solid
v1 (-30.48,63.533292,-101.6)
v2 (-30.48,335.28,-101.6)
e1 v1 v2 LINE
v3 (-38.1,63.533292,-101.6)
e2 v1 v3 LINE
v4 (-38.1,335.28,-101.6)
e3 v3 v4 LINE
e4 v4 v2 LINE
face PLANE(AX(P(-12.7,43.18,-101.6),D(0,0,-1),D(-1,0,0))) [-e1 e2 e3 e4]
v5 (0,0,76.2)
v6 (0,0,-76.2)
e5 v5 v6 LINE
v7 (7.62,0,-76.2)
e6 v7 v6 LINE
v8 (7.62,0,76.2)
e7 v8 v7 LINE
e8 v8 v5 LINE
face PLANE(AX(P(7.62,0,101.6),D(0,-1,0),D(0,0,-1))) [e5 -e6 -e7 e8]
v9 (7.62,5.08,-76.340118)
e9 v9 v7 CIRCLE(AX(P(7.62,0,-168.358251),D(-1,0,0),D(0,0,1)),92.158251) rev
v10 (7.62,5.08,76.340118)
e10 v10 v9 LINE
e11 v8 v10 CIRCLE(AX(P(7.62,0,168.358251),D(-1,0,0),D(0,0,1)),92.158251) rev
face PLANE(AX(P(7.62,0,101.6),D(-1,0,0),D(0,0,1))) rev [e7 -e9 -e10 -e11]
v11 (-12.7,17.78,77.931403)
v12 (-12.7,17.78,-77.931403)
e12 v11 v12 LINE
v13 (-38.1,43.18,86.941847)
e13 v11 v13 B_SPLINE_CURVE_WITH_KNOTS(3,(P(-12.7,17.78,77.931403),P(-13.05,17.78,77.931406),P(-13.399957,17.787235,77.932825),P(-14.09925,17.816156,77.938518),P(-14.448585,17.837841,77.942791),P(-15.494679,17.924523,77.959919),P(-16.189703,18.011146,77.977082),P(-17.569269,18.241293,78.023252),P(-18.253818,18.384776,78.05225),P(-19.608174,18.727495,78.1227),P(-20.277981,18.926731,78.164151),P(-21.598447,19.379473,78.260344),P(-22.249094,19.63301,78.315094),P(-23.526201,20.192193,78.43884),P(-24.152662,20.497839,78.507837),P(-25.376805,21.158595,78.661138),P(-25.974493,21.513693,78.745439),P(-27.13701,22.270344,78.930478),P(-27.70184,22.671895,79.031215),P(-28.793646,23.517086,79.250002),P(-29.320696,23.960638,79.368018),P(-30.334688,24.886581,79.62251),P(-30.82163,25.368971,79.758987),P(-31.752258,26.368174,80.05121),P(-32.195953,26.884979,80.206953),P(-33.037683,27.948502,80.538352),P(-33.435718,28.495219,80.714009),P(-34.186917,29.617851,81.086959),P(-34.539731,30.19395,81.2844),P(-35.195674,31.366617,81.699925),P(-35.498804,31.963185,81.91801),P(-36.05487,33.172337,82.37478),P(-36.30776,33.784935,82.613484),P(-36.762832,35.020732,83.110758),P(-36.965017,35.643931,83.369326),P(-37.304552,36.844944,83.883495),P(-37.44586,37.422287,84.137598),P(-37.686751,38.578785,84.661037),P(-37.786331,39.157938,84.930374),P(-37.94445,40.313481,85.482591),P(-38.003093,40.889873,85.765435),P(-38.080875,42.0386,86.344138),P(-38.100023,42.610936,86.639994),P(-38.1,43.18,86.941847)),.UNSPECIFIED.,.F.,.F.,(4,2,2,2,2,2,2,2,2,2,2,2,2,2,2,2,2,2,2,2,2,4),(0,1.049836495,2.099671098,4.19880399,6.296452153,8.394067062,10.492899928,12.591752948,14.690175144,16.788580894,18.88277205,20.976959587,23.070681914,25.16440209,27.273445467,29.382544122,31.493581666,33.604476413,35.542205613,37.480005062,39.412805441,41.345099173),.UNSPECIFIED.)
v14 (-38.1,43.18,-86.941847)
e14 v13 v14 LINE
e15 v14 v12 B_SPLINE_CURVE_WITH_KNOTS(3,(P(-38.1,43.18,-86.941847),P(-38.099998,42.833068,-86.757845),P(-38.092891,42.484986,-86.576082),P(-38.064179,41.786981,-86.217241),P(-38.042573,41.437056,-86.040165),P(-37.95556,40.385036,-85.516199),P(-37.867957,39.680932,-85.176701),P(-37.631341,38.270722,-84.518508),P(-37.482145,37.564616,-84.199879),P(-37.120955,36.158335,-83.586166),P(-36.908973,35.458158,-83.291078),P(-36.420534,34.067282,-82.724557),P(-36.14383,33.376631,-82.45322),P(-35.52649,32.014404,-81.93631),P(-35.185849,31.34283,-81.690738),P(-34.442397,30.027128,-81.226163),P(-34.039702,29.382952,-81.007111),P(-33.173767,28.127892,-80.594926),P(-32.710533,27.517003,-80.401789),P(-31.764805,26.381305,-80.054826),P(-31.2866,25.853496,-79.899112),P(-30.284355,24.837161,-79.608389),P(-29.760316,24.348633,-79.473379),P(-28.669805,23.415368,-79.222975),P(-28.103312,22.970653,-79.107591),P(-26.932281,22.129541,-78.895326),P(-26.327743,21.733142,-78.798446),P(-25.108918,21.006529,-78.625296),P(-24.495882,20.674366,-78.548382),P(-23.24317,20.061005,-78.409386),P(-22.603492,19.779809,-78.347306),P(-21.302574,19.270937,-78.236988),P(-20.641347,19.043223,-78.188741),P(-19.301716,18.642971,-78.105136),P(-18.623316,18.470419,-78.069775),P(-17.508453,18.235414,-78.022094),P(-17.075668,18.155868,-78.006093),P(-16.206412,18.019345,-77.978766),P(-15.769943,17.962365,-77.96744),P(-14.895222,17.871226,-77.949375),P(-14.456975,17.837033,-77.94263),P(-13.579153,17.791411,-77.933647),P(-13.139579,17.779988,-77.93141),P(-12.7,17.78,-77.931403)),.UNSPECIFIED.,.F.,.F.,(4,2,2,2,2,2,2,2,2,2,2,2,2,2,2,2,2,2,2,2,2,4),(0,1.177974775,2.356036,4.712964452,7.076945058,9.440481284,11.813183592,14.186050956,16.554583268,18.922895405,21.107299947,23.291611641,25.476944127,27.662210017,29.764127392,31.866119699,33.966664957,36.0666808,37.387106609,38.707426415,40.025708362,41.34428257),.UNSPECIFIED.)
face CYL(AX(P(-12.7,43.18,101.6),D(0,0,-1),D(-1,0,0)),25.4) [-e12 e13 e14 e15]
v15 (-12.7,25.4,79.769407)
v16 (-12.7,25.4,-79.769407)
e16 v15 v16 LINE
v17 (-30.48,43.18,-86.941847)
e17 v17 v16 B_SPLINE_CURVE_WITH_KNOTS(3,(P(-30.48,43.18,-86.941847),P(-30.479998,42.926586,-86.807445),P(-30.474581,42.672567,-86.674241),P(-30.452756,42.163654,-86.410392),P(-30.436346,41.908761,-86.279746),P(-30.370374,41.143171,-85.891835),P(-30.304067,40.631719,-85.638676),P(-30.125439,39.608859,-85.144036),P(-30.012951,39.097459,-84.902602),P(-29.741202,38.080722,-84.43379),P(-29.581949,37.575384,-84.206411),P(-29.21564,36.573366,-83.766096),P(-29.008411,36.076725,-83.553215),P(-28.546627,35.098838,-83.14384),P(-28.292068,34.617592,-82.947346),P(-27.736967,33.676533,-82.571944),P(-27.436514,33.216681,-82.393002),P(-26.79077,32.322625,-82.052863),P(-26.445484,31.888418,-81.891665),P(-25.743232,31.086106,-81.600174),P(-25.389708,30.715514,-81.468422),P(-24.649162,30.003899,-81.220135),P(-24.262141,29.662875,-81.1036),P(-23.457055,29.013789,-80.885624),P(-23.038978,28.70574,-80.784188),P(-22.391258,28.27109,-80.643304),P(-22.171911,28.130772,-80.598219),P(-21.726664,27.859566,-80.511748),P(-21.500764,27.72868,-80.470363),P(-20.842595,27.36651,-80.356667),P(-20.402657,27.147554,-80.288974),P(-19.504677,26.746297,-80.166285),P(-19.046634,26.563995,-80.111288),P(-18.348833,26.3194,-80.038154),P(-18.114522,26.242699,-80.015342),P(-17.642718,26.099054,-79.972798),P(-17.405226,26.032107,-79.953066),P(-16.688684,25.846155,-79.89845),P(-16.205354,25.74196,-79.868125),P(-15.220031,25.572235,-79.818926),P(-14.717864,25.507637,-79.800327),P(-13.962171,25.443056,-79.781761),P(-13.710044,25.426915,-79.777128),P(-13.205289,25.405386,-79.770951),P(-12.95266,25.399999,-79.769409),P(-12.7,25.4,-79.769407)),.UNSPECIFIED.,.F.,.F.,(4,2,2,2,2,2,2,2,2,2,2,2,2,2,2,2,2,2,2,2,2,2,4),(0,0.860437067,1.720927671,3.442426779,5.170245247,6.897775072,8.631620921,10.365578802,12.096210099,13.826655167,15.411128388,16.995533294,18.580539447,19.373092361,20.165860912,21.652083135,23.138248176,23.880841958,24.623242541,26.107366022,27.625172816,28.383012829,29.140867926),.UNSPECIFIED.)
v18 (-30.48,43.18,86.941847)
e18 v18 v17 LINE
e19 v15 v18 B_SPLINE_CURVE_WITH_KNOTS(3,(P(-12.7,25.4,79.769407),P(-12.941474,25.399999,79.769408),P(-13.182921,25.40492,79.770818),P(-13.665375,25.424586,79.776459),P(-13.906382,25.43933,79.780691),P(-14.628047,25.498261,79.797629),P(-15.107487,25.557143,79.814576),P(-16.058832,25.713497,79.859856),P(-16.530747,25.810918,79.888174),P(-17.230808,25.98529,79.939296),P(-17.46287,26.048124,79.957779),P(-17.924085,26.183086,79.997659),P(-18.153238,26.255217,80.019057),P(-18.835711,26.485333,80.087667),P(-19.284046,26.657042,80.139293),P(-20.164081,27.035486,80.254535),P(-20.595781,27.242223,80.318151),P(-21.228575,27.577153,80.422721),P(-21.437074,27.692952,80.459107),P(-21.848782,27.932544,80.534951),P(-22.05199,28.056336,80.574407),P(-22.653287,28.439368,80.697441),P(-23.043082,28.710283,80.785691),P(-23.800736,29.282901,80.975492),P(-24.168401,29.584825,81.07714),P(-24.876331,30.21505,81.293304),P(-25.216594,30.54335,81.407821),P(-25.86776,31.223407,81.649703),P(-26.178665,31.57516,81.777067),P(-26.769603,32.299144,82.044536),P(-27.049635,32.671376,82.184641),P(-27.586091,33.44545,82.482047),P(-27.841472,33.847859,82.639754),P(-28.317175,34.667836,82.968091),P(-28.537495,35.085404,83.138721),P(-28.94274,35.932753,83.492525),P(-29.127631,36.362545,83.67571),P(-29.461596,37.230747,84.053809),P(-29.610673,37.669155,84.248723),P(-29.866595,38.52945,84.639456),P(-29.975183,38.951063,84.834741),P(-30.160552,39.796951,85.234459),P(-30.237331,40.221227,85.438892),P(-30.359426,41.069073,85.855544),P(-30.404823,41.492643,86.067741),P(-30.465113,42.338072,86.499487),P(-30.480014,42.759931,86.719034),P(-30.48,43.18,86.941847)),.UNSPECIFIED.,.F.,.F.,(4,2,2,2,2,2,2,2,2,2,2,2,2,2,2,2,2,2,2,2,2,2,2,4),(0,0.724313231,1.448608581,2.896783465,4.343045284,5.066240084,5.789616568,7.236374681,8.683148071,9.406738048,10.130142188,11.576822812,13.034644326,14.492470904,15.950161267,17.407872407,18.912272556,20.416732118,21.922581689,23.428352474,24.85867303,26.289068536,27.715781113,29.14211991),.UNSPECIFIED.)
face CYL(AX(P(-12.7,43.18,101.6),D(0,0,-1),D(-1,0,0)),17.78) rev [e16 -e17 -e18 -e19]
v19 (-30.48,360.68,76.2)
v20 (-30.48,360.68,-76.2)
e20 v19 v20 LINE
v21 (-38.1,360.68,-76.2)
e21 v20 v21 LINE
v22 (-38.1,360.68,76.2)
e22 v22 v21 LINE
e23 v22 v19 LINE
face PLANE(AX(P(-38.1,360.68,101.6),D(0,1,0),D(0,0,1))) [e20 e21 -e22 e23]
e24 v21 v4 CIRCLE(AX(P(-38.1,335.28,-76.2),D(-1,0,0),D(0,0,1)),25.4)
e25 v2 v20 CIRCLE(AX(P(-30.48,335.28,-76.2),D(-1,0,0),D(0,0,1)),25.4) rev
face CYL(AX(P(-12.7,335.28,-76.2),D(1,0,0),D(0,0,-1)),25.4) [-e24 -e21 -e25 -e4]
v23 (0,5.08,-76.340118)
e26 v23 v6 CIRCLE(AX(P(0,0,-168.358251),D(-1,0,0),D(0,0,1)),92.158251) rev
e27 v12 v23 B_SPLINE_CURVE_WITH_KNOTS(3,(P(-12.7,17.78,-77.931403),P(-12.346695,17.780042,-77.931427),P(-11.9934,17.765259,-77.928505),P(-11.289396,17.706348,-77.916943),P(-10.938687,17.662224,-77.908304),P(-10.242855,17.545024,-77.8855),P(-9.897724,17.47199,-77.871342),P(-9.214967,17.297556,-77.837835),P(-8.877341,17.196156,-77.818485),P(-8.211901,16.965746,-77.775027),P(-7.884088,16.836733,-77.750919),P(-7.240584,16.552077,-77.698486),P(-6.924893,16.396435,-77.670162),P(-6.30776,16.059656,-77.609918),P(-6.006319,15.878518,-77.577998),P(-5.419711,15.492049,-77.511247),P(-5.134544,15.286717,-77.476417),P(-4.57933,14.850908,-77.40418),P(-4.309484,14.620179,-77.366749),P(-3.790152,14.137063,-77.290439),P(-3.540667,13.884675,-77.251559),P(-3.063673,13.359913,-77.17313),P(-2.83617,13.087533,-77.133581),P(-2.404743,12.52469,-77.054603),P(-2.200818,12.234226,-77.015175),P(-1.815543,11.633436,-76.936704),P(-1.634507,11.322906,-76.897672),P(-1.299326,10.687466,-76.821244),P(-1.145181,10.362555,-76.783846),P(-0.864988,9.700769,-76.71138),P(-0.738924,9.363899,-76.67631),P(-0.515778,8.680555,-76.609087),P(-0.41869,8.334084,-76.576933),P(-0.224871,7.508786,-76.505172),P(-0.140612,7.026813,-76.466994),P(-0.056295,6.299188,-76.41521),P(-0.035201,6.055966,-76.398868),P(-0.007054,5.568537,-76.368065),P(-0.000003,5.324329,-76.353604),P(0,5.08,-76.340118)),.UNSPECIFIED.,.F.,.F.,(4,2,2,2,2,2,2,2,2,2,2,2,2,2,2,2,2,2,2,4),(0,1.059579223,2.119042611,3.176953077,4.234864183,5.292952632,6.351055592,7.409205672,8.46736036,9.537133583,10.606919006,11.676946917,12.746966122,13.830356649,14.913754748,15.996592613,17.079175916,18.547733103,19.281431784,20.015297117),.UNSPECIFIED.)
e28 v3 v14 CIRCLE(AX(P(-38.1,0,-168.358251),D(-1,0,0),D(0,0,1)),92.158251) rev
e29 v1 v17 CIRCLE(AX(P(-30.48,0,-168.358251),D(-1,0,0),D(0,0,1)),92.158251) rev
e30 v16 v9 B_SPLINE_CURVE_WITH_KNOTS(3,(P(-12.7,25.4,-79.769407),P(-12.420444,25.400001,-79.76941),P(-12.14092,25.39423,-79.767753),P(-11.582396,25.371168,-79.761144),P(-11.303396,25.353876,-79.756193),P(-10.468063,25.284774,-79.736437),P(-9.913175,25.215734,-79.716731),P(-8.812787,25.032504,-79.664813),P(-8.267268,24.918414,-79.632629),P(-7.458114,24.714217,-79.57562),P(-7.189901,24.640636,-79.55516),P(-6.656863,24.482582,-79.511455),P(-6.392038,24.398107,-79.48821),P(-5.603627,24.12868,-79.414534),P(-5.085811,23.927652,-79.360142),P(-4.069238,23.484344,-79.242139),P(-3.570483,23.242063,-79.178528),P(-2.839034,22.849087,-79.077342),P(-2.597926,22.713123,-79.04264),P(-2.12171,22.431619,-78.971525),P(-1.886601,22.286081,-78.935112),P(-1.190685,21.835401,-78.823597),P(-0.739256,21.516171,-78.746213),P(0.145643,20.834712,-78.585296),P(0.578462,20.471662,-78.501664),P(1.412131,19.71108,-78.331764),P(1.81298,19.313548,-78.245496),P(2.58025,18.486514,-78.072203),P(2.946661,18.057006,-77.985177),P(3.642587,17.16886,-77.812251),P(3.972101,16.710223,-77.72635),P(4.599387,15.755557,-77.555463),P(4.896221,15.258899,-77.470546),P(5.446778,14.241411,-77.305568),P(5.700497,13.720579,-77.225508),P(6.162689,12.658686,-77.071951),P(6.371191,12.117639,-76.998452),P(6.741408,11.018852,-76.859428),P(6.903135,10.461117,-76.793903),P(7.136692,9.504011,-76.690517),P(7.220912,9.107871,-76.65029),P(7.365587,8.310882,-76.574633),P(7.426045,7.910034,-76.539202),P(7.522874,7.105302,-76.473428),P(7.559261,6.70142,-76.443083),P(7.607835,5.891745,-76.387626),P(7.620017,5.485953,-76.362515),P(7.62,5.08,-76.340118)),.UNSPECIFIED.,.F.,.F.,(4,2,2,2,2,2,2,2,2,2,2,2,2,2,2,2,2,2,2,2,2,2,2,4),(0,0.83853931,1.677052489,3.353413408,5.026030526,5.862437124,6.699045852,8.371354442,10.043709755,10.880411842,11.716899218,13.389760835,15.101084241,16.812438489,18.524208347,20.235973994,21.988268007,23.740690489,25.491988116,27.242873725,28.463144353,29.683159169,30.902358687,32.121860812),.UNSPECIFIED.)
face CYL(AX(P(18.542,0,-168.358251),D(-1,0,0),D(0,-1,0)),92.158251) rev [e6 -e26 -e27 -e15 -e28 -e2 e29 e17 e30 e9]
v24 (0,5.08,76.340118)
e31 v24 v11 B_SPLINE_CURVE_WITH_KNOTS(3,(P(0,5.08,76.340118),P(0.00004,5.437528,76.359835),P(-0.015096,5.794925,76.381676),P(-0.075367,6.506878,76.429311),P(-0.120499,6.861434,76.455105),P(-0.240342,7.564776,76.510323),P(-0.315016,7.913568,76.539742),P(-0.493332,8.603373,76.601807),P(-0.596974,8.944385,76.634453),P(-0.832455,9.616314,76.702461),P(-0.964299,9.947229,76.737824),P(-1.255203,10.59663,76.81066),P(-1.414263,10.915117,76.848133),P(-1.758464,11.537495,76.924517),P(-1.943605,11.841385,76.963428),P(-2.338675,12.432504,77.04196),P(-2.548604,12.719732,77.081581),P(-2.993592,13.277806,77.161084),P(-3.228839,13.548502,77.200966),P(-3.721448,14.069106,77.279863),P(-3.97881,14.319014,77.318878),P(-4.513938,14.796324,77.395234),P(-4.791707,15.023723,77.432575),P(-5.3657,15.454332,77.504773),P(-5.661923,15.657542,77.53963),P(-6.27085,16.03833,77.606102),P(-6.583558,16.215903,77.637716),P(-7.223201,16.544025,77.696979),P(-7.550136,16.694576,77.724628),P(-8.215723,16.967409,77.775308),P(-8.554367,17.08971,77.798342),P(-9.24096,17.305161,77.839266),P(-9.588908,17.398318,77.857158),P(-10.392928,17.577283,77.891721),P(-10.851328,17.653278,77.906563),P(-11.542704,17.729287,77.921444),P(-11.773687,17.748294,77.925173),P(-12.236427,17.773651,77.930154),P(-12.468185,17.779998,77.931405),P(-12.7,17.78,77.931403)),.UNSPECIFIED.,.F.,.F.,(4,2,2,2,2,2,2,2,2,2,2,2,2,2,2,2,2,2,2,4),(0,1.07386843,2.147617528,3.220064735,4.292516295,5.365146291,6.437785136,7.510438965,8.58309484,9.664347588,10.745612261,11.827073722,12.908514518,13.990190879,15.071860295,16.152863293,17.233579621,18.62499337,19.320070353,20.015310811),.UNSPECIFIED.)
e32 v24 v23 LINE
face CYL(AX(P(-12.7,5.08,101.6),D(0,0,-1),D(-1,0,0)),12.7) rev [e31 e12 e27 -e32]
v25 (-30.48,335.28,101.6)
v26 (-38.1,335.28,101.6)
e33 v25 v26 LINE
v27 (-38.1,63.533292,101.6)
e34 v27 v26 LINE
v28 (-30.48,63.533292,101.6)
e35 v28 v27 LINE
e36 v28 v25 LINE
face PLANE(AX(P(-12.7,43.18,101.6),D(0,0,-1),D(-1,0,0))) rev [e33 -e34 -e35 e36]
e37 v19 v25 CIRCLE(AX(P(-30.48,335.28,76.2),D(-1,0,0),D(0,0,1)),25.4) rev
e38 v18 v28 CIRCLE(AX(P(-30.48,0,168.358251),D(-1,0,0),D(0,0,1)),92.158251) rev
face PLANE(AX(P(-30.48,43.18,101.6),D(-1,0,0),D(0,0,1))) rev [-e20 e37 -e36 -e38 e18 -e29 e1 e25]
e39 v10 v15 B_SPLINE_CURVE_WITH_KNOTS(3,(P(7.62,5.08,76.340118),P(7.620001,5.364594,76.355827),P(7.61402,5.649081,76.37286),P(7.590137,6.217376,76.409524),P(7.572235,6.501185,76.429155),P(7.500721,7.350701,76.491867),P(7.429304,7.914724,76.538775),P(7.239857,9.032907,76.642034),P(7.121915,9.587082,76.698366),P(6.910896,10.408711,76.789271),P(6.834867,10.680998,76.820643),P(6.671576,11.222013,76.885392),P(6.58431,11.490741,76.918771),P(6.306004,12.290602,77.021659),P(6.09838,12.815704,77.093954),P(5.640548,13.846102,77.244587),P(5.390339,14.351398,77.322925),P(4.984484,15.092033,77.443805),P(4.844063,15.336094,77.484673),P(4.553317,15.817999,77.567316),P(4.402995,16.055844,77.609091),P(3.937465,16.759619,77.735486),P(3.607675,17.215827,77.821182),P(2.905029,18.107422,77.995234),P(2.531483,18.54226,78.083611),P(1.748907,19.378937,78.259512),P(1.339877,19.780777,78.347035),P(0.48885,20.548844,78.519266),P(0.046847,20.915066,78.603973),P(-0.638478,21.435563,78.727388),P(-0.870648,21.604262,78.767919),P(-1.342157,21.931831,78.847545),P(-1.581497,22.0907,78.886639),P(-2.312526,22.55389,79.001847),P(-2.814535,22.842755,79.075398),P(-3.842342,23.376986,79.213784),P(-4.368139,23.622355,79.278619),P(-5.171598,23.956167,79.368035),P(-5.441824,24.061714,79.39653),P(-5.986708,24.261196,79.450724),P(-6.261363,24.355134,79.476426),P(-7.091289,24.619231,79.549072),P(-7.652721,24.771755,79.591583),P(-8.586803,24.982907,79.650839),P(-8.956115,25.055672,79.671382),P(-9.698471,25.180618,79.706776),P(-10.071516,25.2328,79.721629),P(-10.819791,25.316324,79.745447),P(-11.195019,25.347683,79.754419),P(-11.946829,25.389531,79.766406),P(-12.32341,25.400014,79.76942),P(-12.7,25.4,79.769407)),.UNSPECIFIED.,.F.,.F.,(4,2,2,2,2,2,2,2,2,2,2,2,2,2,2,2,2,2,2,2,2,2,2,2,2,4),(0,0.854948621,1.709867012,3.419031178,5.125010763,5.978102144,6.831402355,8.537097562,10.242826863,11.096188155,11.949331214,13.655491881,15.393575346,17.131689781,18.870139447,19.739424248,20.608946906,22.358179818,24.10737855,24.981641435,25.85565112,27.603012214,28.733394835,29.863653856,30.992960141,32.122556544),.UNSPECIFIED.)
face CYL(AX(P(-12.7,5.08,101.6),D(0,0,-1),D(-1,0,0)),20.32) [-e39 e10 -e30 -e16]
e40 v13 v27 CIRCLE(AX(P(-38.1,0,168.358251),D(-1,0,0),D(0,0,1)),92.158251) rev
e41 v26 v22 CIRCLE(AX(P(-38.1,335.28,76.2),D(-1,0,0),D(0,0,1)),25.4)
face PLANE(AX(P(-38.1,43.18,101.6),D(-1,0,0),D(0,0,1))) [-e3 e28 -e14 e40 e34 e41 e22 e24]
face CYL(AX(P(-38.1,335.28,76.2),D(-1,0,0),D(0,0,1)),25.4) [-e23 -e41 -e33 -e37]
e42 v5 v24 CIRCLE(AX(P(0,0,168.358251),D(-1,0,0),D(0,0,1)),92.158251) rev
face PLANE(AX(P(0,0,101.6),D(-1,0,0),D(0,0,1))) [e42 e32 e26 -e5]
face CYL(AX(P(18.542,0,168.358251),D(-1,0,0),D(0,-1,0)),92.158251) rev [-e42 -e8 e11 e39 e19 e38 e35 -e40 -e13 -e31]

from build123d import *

# Parameters (mm, degrees)
EXTRUDE_THIN1_DEPTH     = 101.6
FILLET1_R               = 25.4
FILLET2_R               = 25.4
CUT_EXTRUDE1_DEPTH      = 10.922
CUT_EXTRUDE1_DEPTH_BACK = 54.61


with BuildPart() as part:
    # Sketch1 → Extrude-Thin1 (new, symmetric)
    with BuildSketch(Plane.XY):
        with BuildLine():
            Line((0, 0), (0, 5.08))
            ThreePointArc((0, 5.08), (-3.719743879, 14.060256121), (-12.7, 17.78))
            ThreePointArc((-12.7, 17.78), (-30.660512242, 25.219487758), (-38.1, 43.18))
            Line((-38.1, 43.18), (-38.1, 360.68))
            Line((-38.1, 360.68), (-30.48, 360.68))
            Line((-30.48, 360.68), (-30.48, 43.18))
            ThreePointArc((-30.48, 43.18), (-25.272358569, 30.607641431), (-12.7, 25.4))
            ThreePointArc((-12.7, 25.4), (1.668409794, 19.448409794), (7.62, 5.08))
            Line((7.62, 5.08), (7.62, 0))
            Line((7.62, 0), (0, 0))
        make_face()
    extrude(amount=EXTRUDE_THIN1_DEPTH, both=True)

    # Fillet1
    fillet1_edges = [part.edges().sort_by_distance(p)[0] for p in [
        (-34.29, 360.68, 101.6),
    ]]
    fillet(fillet1_edges, radius=FILLET1_R)

    # Fillet2
    fillet2_edges = [part.edges().sort_by_distance(p)[0] for p in [
        (-34.29, 360.68, -101.6),
    ]]
    fillet(fillet2_edges, radius=FILLET2_R)

    # Sketch3 → Cut-Extrude1 (cut, two sides: drawn at the far end of the back side and taken through both)
    with BuildSketch(Plane(origin=(7.62, 0, 0), x_dir=(0, 0, -1), z_dir=(1, 0, 0)).offset(-CUT_EXTRUDE1_DEPTH_BACK)):
        with BuildLine():
            Line((-101.6, 0), (-101.6, 63.533291796))
            ThreePointArc((-101.6, 63.533291796), (-82.785279567, 34.211252412), (-76.2, 0))
            Line((-76.2, 0), (-101.6, 0))
        make_face()
        with BuildLine():
            Line((101.6, 0), (76.2, 0))
            ThreePointArc((76.2, 0), (82.785279567, 34.211252412), (101.6, 63.533291796))
            Line((101.6, 63.533291796), (101.6, 0))
        make_face()
    extrude(amount=CUT_EXTRUDE1_DEPTH + CUT_EXTRUDE1_DEPTH_BACK, mode=Mode.SUBTRACT)


solid = part.part
